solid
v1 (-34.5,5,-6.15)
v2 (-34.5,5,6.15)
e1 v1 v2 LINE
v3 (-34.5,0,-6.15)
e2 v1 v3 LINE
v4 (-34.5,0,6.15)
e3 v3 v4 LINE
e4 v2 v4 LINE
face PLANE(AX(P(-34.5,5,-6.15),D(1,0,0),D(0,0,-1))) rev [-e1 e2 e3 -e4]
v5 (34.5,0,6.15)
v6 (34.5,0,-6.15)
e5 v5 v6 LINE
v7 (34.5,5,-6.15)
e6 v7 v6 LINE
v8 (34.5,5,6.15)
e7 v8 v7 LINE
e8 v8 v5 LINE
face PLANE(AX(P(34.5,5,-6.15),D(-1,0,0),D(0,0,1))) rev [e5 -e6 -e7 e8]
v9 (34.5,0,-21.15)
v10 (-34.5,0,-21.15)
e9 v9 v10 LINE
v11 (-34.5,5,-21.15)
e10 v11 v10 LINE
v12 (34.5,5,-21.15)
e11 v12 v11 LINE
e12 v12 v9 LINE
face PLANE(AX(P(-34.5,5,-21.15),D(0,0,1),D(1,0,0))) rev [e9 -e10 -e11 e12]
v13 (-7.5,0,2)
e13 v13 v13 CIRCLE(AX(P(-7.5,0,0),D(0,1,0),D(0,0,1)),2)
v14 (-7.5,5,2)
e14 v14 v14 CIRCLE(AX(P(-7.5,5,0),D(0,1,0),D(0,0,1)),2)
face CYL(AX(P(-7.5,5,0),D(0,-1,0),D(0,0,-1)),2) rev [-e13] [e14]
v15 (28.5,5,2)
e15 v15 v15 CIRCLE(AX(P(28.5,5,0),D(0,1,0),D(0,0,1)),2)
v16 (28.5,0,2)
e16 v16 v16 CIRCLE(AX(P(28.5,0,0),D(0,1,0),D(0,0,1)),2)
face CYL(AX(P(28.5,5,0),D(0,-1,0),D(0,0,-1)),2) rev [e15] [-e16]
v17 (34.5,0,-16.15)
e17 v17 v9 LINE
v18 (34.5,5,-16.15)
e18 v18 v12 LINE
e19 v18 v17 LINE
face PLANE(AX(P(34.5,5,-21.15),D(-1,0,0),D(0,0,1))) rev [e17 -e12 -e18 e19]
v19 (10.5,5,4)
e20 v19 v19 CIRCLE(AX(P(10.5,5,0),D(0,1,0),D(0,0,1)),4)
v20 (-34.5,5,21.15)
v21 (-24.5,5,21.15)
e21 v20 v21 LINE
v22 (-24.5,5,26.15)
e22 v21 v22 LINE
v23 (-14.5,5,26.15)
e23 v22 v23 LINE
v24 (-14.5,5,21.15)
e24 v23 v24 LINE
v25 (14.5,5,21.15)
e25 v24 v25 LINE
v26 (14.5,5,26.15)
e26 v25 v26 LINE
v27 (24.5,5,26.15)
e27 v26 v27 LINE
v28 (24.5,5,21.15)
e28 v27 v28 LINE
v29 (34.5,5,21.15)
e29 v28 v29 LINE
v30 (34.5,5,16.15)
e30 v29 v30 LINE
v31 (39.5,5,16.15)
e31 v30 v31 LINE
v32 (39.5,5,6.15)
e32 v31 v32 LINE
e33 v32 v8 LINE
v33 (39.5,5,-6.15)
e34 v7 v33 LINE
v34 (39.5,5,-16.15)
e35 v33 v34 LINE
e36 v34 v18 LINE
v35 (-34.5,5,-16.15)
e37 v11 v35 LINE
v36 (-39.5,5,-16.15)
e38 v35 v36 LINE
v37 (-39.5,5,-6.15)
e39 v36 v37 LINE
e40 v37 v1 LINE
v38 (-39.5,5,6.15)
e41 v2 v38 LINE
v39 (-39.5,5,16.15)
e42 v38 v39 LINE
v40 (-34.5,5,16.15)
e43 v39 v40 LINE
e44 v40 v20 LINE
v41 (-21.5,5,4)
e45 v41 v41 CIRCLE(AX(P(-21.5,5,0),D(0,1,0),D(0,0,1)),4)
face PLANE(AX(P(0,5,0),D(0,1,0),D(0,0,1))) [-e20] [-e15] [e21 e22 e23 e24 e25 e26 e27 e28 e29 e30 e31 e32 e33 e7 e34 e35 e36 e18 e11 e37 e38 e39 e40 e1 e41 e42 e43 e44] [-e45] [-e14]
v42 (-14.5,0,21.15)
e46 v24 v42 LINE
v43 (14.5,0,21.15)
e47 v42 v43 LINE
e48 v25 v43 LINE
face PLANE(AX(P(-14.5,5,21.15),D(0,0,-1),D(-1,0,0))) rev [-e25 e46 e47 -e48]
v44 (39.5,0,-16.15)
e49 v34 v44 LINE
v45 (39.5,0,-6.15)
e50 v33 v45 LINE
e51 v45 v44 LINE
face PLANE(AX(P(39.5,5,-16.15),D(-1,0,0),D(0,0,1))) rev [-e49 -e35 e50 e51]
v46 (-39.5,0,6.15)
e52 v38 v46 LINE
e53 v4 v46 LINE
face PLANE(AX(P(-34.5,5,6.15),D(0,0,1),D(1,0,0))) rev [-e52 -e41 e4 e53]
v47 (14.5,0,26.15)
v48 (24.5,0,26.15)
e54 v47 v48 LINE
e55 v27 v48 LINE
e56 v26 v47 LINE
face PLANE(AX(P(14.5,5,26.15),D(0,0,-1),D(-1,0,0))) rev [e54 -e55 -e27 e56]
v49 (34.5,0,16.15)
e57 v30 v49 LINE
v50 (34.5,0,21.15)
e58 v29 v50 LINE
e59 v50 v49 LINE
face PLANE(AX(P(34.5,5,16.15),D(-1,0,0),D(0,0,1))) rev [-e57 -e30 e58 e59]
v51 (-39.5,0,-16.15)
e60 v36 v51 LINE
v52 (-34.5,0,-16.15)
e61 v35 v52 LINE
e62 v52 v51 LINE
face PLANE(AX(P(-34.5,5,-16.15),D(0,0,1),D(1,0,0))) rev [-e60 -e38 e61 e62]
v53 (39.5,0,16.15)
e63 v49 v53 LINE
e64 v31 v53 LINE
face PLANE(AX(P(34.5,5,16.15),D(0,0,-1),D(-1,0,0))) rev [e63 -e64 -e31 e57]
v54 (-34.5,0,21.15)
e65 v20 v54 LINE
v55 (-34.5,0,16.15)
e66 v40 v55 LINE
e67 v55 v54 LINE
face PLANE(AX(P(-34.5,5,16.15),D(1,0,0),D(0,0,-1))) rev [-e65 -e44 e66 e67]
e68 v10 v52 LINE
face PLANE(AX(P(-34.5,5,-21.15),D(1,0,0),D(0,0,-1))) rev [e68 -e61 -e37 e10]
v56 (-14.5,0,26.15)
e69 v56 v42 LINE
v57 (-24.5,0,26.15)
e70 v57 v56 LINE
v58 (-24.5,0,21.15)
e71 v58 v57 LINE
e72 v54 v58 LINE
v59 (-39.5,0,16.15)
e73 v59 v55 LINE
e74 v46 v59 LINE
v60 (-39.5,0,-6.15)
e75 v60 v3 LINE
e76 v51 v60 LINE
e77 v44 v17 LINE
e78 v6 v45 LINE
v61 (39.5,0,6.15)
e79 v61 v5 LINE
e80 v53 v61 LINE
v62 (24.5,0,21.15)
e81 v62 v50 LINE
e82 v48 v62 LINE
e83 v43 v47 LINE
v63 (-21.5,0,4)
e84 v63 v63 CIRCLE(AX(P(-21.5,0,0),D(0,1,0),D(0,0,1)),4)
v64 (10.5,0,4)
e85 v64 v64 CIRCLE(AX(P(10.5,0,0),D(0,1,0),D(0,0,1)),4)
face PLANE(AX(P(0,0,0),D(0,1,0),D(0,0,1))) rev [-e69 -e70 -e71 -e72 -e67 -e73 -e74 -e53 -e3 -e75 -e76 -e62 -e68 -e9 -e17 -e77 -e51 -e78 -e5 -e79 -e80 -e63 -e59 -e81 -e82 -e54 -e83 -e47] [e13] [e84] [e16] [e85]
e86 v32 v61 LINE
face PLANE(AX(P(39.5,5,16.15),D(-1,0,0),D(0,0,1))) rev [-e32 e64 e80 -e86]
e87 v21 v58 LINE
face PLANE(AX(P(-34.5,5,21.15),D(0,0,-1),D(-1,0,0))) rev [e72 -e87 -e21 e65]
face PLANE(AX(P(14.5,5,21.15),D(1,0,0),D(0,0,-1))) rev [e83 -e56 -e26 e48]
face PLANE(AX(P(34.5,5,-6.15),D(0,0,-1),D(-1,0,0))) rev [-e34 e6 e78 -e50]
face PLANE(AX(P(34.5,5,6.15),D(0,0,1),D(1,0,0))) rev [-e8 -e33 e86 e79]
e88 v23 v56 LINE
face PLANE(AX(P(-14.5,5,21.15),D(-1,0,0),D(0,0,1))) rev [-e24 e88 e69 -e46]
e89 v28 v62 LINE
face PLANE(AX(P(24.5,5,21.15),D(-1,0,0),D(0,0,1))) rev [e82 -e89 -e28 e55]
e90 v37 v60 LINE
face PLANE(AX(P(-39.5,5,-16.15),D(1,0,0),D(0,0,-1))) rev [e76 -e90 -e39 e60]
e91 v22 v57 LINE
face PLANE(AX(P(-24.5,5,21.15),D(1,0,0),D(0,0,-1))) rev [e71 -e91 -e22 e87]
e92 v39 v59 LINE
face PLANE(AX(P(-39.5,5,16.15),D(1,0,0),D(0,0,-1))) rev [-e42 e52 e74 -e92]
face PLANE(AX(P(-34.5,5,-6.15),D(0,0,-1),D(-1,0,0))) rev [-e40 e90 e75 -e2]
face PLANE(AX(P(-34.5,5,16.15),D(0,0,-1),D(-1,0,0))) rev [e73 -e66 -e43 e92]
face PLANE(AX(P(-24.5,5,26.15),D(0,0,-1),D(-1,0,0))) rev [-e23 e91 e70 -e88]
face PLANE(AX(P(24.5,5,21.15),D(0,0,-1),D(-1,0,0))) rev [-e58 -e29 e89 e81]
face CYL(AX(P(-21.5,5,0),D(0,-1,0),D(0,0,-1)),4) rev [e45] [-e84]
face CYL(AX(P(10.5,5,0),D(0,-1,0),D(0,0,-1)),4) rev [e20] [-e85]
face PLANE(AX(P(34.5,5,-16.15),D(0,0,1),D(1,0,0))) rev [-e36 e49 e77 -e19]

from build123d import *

# Parameters (mm, degrees)
SKETCH_1_R      = 4
SKETCH_1_R_2    = 2
EXTRUDE_1_DEPTH = 5


with BuildPart() as part:
    # 草图1 → 凸台-拉伸1 (new body)
    with BuildSketch(Plane(origin=(0, 0, 0), x_dir=(1, 0, 0), z_dir=(0, 1, 0))):
        Polygon((-34.5, 21.15), (34.5, 21.15), (34.5, 16.15), (39.5, 16.15), (39.5, 6.15), (34.5, 6.15), (34.5, -6.15), (39.5, -6.15), (39.5, -16.15), (34.5, -16.15), (34.5, -21.15), (24.5, -21.15), (24.5, -26.15), (14.5, -26.15), (14.5, -21.15), (-14.5, -21.15), (-14.5, -26.15), (-24.5, -26.15), (-24.5, -21.15), (-34.5, -21.15), (-34.5, -16.15), (-39.5, -16.15), (-39.5, -6.15), (-34.5, -6.15), (-34.5, 6.15), (-39.5, 6.15), (-39.5, 16.15), (-34.5, 16.15), align=None)
        with Locations(Location((10.5, 0, 0), (0, 0, 270))):
            Circle(SKETCH_1_R, mode=Mode.SUBTRACT)
        with Locations(Location((-21.5, 0, 0), (0, 0, 270))):
            Circle(SKETCH_1_R, mode=Mode.SUBTRACT)
        with Locations(Location((-7.5, 0, 0), (0, 0, 270))):
            Circle(SKETCH_1_R_2, mode=Mode.SUBTRACT)
        with Locations(Location((28.5, 0, 0), (0, 0, 270))):
            Circle(SKETCH_1_R_2, mode=Mode.SUBTRACT)
    extrude(amount=EXTRUDE_1_DEPTH)


solid = part.part
